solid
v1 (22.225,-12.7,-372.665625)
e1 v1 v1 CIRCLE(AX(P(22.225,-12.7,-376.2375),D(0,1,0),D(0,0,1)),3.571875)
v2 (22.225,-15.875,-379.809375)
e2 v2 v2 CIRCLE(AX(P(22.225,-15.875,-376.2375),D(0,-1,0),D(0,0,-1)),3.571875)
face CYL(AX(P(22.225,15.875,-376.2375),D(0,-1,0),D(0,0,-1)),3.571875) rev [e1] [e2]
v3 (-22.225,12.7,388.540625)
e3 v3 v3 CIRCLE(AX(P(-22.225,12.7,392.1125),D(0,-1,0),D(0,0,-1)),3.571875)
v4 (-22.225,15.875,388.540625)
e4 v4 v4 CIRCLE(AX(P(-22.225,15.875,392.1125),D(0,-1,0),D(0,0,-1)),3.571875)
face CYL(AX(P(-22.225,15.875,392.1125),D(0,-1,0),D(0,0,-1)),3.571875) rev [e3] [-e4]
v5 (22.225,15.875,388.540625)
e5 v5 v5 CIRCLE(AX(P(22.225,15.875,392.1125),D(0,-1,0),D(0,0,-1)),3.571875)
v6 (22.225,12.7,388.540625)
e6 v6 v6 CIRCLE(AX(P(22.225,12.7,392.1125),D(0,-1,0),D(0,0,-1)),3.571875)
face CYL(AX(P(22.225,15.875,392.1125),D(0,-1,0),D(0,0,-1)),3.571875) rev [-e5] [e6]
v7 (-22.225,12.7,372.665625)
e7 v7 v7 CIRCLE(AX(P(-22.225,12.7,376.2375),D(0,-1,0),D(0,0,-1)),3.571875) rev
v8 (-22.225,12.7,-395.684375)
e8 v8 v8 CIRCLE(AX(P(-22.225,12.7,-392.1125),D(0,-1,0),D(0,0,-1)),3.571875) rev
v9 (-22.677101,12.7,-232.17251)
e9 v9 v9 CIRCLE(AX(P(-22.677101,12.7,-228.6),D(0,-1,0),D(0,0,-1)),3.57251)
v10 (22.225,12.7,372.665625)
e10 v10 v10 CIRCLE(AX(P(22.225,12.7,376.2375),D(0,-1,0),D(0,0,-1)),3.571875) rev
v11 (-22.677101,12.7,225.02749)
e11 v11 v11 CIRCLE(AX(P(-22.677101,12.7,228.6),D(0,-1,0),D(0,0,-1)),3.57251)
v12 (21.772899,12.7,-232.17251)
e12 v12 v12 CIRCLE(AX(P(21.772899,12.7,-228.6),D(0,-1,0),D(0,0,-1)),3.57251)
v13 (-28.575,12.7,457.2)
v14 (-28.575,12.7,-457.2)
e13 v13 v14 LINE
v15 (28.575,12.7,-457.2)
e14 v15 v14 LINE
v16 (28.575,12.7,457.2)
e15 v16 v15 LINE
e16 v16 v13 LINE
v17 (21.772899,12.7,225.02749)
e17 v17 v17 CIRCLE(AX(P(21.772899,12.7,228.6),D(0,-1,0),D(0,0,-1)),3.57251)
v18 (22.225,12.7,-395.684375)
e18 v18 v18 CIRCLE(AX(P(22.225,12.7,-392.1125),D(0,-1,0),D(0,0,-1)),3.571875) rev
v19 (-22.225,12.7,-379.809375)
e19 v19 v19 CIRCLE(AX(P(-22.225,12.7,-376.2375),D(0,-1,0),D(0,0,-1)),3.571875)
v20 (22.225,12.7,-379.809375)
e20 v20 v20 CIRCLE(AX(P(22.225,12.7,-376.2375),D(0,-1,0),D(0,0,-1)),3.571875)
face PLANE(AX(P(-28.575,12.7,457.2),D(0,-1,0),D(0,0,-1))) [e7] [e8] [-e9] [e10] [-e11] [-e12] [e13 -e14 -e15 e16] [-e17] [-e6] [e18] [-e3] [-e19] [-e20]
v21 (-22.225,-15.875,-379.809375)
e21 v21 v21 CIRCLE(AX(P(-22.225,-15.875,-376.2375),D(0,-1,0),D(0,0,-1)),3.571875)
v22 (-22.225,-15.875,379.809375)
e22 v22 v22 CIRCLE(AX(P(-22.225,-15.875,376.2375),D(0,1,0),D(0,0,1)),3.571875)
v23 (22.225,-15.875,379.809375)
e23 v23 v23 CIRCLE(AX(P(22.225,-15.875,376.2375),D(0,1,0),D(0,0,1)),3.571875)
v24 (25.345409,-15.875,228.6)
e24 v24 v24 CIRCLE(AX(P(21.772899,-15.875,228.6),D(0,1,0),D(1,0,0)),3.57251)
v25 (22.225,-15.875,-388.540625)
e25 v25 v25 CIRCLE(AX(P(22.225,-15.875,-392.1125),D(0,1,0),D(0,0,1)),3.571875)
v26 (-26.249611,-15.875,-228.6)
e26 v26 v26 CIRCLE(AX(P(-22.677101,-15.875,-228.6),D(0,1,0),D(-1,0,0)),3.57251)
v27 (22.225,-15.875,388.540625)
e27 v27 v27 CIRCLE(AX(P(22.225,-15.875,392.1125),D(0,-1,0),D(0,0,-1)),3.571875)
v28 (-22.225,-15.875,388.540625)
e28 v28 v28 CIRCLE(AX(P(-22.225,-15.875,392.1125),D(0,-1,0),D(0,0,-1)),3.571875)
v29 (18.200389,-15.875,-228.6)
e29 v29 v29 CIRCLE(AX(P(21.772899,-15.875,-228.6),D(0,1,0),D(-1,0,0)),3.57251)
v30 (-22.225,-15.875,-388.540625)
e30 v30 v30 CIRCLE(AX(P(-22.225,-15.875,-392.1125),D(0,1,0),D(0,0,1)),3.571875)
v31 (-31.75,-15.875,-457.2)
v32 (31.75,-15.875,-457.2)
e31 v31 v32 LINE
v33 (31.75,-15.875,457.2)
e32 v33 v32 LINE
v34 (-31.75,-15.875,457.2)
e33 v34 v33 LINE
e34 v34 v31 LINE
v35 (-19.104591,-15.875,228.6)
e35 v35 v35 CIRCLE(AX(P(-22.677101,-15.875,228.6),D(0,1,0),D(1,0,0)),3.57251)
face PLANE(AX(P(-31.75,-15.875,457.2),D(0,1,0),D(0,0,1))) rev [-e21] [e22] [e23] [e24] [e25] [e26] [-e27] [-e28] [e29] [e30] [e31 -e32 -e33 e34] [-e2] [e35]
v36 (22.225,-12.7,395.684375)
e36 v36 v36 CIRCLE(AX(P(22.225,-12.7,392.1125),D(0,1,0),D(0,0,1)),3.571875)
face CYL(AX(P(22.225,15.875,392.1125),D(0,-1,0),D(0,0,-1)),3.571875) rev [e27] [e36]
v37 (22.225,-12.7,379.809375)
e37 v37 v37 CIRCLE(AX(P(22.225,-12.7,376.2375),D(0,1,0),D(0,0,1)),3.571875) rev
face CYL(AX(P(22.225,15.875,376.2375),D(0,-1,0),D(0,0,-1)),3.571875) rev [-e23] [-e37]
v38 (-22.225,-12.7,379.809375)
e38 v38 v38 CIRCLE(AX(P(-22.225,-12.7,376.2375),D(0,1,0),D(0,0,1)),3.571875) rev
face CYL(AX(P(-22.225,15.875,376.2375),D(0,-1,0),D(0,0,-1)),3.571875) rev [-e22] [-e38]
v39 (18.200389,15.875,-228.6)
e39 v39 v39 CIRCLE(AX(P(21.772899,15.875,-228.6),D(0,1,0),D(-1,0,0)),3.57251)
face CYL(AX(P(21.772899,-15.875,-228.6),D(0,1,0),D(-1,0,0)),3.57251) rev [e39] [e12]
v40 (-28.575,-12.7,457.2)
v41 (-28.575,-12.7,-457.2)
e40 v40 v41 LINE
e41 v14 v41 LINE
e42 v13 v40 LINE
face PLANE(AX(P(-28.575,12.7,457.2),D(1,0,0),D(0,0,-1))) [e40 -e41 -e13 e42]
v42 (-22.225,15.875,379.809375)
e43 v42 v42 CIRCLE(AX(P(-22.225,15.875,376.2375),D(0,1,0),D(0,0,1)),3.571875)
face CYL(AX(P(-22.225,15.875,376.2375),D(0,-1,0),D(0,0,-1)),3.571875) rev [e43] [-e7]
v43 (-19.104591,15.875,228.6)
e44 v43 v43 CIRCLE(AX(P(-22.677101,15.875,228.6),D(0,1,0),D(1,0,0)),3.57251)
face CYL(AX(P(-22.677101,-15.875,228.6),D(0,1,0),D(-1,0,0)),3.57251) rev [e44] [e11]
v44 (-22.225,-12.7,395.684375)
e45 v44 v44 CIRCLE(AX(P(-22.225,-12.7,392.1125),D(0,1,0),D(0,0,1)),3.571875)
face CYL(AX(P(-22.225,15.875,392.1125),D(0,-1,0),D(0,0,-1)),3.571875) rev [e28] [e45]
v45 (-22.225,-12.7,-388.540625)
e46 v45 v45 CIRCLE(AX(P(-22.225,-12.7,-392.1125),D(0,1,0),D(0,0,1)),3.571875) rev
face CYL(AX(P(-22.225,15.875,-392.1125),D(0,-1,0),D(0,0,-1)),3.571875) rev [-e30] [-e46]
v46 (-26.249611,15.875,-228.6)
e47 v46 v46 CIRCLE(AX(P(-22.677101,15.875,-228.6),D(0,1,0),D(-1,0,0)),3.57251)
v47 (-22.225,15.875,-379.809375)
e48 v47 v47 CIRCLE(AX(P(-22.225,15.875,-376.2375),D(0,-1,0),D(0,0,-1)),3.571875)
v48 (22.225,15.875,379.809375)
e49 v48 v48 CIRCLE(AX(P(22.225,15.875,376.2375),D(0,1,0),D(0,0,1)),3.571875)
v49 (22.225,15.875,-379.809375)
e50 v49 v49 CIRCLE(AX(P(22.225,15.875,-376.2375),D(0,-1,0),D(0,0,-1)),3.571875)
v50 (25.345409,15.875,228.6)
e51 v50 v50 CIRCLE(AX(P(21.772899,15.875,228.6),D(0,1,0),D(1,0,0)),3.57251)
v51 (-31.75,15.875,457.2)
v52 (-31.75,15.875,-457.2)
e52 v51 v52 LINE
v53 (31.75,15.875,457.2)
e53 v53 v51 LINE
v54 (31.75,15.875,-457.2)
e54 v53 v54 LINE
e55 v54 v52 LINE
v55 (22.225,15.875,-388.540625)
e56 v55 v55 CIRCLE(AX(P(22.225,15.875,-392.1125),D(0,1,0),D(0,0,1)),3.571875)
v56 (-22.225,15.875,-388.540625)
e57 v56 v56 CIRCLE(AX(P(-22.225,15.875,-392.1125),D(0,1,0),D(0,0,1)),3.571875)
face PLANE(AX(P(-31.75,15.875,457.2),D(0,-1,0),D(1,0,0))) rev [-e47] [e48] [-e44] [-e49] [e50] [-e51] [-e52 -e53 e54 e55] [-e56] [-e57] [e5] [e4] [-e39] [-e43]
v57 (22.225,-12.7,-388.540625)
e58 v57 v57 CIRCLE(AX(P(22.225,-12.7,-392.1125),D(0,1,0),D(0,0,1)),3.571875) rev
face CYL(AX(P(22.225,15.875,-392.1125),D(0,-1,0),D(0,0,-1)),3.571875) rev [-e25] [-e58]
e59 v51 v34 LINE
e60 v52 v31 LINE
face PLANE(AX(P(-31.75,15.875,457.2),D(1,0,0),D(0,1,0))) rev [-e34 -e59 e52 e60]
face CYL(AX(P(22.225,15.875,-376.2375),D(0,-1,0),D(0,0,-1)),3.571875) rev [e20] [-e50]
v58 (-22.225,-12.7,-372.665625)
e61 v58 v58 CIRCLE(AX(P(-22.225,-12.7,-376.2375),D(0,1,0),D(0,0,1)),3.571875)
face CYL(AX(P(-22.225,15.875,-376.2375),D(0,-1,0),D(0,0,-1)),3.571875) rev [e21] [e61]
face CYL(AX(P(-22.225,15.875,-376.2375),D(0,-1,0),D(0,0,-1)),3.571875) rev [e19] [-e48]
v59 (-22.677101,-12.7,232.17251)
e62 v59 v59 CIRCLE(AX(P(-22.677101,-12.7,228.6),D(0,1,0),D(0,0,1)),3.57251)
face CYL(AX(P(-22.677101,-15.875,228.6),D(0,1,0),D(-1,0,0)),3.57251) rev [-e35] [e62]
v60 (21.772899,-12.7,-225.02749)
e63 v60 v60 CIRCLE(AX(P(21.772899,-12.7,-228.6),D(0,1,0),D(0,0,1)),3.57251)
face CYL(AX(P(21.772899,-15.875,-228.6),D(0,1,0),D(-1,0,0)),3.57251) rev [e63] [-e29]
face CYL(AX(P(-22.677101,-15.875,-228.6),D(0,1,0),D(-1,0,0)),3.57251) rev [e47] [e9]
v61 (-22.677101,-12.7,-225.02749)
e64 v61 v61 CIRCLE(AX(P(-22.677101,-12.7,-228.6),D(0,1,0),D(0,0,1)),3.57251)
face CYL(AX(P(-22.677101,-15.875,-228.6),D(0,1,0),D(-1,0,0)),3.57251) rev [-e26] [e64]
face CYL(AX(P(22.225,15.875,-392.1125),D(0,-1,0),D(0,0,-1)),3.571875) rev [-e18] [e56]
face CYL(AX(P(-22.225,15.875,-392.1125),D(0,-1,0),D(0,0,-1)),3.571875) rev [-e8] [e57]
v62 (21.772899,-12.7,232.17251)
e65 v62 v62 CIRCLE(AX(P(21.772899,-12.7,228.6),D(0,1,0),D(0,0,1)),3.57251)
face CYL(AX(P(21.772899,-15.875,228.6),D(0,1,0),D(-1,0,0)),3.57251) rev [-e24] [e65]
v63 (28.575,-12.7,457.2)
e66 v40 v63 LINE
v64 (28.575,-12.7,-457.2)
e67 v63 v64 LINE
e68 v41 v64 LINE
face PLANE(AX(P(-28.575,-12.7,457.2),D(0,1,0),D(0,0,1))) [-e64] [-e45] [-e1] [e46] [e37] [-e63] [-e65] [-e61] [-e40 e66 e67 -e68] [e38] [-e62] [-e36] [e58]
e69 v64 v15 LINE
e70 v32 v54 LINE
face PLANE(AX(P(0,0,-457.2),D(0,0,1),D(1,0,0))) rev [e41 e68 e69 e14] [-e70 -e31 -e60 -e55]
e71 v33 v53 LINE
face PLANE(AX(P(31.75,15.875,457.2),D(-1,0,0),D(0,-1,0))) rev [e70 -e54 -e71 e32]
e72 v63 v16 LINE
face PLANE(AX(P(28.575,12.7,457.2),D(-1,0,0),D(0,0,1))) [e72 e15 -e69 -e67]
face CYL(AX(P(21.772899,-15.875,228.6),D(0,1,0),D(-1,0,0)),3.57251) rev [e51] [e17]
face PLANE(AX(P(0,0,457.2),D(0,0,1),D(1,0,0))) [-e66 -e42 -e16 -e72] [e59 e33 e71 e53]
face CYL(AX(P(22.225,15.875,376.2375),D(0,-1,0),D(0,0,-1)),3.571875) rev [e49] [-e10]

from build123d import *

# Parameters (mm, degrees)
BOSS_EXTRUDE1_DEPTH      = 457.2
BOSS_EXTRUDE1_DEPTH_BACK = 457.2
SKETCH3_W                = 63.5
SKETCH3_H                = 31.75
SKETCH3_W_2              = 57.15
SKETCH3_H_2              = 25.4
SKETCH5_R                = 3.571875
CUT_EXTRUDE1_DEPTH       = 460.399570091
SKETCH8_R                = 3.57251
CUT_EXTRUDE2_DEPTH       = 460.399570091


with BuildPart() as part:
    # Sketch3 → Boss-Extrude1 (new, two sides: drawn at the far end of the back side and taken through both)
    with BuildSketch(Plane.XY.offset(-BOSS_EXTRUDE1_DEPTH_BACK)):
        Rectangle(SKETCH3_W, SKETCH3_H)
        Rectangle(SKETCH3_W_2, SKETCH3_H_2, mode=Mode.SUBTRACT)
    extrude(amount=BOSS_EXTRUDE1_DEPTH + BOSS_EXTRUDE1_DEPTH_BACK)

    # Sketch5 → Cut-Extrude1 (cut, through all)
    with BuildSketch(Plane.XZ.offset(15.875)):
        with Locations(Location((-22.225, 392.1125, 0), (0, 0, 270))):
            Circle(SKETCH5_R)
        with Locations(Location((22.225, 392.1125, 0), (0, 0, 270))):
            Circle(SKETCH5_R)
        with Locations(Location((22.225, -392.1125, 0), (0, 0, 90))):
            Circle(SKETCH5_R)
        with Locations(Location((-22.225, -392.1125, 0), (0, 0, 90))):
            Circle(SKETCH5_R)
        with Locations(Location((22.225, 376.2375, 0), (0, 0, 90))):
            Circle(SKETCH5_R)
        with Locations(Location((-22.225, 376.2375, 0), (0, 0, 90))):
            Circle(SKETCH5_R)
        with Locations(Location((22.225, -376.2375, 0), (0, 0, 270))):
            Circle(SKETCH5_R)
        with Locations(Location((-22.225, -376.2375, 0), (0, 0, 270))):
            Circle(SKETCH5_R)
    extrude(amount=-CUT_EXTRUDE1_DEPTH, mode=Mode.SUBTRACT)

    # Sketch8 → Cut-Extrude2 (cut, through all)
    with BuildSketch(Plane(origin=(0, 15.875, 0), x_dir=(1, 0, 0), z_dir=(0, 1, 0))):
        with Locations(Location((21.772898576, 228.6, 0), (0, 0, 180))):
            Circle(SKETCH8_R)
        with Locations(Location((-22.677101424, 228.6, 0), (0, 0, 180))):
            Circle(SKETCH8_R)
        with Locations(Location((21.772898576, -228.6, 0), (0, 0, 270))):
            Circle(SKETCH8_R)
        with Locations(Location((-22.677101424, -228.6, 0), (0, 0, 270))):
            Circle(SKETCH8_R)
    extrude(amount=-CUT_EXTRUDE2_DEPTH, mode=Mode.SUBTRACT)


solid = part.part
